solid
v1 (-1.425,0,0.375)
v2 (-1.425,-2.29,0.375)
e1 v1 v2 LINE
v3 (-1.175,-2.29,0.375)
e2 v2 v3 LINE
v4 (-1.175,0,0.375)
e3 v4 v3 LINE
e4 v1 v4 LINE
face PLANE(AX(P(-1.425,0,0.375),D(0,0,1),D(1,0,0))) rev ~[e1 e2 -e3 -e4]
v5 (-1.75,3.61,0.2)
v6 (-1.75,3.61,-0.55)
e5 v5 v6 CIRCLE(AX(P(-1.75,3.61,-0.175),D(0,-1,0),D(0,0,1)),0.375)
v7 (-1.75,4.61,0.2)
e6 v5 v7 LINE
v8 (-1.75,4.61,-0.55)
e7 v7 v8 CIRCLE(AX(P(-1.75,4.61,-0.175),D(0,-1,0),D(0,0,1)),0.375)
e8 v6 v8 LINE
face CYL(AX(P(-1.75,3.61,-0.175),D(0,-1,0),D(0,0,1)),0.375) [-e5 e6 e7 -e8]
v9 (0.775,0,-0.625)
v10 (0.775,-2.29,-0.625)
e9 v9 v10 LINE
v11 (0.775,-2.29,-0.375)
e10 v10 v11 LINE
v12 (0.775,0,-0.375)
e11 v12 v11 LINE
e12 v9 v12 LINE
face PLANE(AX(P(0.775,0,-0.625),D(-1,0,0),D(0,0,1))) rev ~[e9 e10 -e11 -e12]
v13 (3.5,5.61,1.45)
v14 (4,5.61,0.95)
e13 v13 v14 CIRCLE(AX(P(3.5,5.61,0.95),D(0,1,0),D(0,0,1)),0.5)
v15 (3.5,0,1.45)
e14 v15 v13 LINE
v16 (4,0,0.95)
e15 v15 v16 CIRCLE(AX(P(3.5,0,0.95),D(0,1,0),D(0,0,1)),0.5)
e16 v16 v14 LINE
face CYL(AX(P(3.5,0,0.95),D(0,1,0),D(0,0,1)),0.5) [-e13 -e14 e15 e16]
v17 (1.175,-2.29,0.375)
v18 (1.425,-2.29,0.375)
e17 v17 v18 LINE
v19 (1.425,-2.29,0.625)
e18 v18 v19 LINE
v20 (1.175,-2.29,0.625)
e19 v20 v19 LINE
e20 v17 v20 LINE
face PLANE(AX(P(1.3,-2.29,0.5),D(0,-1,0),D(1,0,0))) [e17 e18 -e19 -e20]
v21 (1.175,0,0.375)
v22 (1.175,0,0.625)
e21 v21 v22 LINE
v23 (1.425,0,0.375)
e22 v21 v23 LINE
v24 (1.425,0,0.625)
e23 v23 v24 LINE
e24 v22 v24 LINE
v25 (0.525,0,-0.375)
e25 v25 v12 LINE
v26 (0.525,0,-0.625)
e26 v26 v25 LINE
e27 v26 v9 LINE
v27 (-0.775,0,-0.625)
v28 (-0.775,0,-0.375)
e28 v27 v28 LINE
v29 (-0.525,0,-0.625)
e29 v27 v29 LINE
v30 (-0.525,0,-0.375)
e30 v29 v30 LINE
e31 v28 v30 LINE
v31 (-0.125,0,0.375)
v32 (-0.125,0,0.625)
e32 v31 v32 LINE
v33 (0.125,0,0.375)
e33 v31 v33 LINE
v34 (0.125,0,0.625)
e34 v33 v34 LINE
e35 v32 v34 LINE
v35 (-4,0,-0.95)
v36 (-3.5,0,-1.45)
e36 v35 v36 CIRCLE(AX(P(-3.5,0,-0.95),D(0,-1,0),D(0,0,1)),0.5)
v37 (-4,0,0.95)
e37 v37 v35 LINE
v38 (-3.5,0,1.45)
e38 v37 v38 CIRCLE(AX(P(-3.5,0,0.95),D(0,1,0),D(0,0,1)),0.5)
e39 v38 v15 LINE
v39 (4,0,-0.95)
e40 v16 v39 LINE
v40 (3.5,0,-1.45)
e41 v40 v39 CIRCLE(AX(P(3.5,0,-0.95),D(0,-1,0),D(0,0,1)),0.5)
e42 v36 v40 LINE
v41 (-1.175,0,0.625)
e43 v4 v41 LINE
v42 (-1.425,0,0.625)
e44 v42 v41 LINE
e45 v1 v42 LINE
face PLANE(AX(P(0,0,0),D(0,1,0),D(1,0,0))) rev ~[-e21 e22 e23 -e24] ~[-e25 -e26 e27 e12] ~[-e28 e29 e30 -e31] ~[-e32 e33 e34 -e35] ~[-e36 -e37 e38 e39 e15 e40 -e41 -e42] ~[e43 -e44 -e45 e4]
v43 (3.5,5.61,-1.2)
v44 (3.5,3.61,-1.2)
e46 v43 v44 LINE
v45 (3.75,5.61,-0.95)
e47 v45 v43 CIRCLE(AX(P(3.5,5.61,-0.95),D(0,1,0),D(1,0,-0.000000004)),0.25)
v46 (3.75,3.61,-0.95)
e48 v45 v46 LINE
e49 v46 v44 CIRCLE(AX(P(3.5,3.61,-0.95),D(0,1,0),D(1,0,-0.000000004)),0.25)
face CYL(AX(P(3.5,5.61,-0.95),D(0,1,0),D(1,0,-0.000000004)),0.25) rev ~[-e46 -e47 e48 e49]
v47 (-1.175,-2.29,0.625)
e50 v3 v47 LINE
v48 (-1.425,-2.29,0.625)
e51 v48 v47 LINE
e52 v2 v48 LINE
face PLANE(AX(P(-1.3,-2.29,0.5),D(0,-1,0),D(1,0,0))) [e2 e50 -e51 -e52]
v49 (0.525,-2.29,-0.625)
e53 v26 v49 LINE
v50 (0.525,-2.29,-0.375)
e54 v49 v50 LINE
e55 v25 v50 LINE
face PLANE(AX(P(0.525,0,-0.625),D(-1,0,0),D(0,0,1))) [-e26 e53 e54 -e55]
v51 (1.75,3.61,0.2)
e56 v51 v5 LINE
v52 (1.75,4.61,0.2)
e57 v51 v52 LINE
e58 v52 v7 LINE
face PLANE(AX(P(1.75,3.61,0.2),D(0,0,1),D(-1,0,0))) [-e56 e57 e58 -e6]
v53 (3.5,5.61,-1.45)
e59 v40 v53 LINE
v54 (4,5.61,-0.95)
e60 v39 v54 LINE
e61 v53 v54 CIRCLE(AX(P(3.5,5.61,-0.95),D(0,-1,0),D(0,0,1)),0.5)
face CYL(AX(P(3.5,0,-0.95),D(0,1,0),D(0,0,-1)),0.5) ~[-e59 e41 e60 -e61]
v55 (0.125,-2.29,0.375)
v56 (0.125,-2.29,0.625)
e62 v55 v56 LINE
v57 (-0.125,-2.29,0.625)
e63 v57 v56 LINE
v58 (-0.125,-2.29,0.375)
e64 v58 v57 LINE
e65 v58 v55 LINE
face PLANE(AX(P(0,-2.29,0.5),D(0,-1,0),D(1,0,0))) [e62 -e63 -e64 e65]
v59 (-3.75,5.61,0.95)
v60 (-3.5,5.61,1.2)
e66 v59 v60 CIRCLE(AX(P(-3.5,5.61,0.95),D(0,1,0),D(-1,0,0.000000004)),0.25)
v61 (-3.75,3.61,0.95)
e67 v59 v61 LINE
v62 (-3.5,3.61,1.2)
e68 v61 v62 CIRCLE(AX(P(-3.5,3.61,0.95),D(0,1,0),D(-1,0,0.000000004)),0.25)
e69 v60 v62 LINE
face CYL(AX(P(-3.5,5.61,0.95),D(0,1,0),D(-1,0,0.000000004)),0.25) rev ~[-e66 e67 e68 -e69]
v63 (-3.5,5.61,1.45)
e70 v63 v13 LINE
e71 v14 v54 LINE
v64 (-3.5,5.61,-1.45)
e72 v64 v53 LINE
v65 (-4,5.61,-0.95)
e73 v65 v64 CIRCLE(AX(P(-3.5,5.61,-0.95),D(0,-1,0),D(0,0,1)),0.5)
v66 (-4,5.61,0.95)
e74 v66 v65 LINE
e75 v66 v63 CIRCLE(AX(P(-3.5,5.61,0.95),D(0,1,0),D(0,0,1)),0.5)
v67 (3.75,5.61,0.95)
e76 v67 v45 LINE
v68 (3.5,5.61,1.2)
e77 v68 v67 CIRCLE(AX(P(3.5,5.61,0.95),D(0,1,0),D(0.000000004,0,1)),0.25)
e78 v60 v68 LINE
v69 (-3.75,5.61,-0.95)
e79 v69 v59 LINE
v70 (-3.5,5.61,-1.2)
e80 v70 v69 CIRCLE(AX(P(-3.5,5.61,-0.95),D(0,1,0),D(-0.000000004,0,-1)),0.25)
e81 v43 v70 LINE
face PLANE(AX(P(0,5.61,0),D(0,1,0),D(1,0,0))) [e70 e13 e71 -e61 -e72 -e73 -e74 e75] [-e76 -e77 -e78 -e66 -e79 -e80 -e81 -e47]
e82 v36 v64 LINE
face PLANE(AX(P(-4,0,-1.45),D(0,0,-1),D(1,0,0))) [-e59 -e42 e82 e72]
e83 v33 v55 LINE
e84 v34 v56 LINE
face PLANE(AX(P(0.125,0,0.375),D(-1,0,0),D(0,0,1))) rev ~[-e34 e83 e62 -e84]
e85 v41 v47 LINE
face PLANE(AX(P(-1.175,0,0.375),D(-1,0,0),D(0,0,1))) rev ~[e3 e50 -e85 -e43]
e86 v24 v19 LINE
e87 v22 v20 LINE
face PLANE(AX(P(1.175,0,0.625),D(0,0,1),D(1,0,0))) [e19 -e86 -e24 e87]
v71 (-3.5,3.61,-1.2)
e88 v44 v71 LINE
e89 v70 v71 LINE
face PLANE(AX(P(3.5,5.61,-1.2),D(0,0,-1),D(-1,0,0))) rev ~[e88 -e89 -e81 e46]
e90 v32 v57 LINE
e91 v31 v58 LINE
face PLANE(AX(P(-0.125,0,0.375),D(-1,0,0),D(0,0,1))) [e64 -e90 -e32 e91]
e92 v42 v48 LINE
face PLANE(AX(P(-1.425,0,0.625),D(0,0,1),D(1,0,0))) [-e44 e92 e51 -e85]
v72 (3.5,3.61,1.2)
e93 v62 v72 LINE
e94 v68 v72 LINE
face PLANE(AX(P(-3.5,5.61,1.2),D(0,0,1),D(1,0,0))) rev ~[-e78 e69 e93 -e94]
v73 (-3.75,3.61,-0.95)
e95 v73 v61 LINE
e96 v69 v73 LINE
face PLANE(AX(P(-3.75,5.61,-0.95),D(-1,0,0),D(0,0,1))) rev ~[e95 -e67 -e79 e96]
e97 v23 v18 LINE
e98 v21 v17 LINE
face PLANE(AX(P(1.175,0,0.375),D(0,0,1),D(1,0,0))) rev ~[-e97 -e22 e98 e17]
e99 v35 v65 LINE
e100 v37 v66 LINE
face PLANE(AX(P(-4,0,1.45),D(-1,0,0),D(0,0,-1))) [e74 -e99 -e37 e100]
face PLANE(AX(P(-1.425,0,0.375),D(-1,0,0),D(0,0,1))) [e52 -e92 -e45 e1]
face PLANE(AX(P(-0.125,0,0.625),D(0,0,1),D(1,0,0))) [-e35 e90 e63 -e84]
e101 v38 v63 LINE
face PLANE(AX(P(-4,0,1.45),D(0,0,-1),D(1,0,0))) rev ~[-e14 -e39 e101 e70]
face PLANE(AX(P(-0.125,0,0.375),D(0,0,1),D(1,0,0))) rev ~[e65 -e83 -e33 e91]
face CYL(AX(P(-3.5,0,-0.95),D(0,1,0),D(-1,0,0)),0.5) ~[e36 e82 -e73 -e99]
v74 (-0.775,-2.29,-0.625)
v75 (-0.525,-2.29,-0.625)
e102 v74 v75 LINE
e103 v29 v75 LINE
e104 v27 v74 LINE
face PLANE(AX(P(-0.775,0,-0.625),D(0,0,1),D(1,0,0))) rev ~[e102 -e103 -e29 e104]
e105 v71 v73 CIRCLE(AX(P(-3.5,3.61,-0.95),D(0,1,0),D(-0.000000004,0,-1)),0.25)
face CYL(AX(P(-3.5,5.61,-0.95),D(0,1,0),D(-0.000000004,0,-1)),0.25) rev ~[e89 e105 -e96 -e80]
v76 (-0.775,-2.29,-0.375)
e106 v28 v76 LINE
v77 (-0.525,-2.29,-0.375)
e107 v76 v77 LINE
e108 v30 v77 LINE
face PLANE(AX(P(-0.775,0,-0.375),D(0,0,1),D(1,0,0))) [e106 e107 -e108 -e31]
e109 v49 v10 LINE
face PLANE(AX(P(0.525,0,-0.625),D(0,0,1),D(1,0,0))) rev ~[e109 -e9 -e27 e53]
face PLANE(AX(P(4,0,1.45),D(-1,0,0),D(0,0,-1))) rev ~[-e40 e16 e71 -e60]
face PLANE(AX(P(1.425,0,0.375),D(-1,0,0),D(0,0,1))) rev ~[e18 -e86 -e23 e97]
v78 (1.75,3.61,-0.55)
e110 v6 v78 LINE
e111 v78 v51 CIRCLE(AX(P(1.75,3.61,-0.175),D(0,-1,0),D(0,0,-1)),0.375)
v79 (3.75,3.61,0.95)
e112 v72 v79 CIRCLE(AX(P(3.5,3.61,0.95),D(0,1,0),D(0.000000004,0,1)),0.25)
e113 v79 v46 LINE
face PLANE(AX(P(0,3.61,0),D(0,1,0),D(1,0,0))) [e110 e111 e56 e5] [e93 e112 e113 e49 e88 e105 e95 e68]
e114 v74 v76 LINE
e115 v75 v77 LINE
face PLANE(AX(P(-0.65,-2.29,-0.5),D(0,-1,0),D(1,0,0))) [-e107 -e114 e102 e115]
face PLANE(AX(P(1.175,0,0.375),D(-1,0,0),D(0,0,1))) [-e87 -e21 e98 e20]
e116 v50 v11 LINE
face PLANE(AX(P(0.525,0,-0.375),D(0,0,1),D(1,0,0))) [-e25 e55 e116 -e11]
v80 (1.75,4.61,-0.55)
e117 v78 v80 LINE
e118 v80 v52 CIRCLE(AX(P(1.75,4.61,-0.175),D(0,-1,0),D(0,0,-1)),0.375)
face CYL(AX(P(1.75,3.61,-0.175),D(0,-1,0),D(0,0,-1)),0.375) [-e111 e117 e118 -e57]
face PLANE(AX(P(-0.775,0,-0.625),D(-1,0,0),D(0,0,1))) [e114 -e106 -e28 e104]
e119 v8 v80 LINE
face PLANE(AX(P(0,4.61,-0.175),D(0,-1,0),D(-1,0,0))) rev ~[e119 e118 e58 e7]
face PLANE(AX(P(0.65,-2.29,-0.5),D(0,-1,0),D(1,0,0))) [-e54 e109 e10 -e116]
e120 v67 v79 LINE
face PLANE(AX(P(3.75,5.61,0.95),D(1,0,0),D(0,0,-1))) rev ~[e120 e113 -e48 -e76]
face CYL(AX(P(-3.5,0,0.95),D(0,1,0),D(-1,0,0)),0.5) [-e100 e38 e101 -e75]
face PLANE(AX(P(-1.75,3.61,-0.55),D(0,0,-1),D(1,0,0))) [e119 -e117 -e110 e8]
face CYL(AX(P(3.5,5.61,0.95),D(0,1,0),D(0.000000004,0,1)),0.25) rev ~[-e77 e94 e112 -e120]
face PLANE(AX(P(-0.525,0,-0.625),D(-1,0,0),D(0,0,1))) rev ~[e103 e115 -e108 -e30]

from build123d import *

# Parameters (mm, degrees)
SKETCH_1_W          = 8
SKETCH_1_H          = 2.9
EXTRUDE_1_DEPTH     = 5.61
SKETCH_2_W          = 0.25
SKETCH_2_H          = 0.25
EXTRUDE_2_DEPTH     = 2.29
FILLET_2_R          = 0.5
CUT_EXTRUDE_1_DEPTH = 2
EXTRUDE_3_DEPTH     = 1


with BuildPart() as part:
    # 草图1 → 凸台-拉伸1 (new body)
    with BuildSketch(Plane(origin=(0, 0, 0), x_dir=(1, 0, 0), z_dir=(0, 1, 0))):
        Rectangle(SKETCH_1_W, SKETCH_1_H)
    extrude(amount=EXTRUDE_1_DEPTH)

    # 草图2 → 凸台-拉伸2 (add)
    with BuildSketch(Plane.XZ):
        with Locations((-1.3, 0.5)):
            Rectangle(SKETCH_2_W, SKETCH_2_H)
        with Locations((1.3, 0.5)):
            Rectangle(SKETCH_2_W, SKETCH_2_H)
        with Locations((0, 0.5)):
            Rectangle(SKETCH_2_W, SKETCH_2_H)
        with Locations((-0.65, -0.5)):
            Rectangle(SKETCH_2_W, SKETCH_2_H)
        with Locations((0.65, -0.5)):
            Rectangle(SKETCH_2_W, SKETCH_2_H)
    extrude(amount=EXTRUDE_2_DEPTH)

    # 圆角2
    fillet_2_edges = [part.edges().sort_by_distance(p)[0] for p in [
        (-4, 2.805, -1.45),
        (4, 2.805, -1.45),
        (4, 2.805, 1.45),
        (-4, 2.805, 1.45),
    ]]
    fillet(fillet_2_edges, radius=FILLET_2_R)

    # 草图3 → 切除-拉伸1 (cut)
    with BuildSketch(Plane(origin=(0, 5.61, 0), x_dir=(1, 0, 0), z_dir=(0, 1, 0))):
        with BuildLine():
            Line((3.75, -0.95), (3.75, 0.95))
            ThreePointArc((3.75, 0.95), (3.676776695, 1.126776695), (3.5, 1.2))
            Line((3.5, 1.2), (-3.5, 1.2))
            ThreePointArc((-3.5, 1.2), (-3.676776695, 1.126776695), (-3.75, 0.95))
            Line((-3.75, 0.95), (-3.75, -0.95))
            ThreePointArc((-3.75, -0.95), (-3.676776695, -1.126776695), (-3.5, -1.2))
            Line((-3.5, -1.2), (3.5, -1.2))
            ThreePointArc((3.5, -1.2), (3.676776695, -1.126776695), (3.75, -0.95))
        make_face()
    extrude(amount=-CUT_EXTRUDE_1_DEPTH, mode=Mode.SUBTRACT)

    # 草图4 → 凸台-拉伸3 (add)
    with BuildSketch(Plane(origin=(0, 3.61, 0), x_dir=(1, 0, 0), z_dir=(0, 1, 0))):
        with BuildLine():
            Line((-1.75, 0.55), (1.75, 0.55))
            ThreePointArc((1.75, 0.55), (2.125, 0.175), (1.75, -0.2))
            Line((1.75, -0.2), (-1.75, -0.2))
            ThreePointArc((-1.75, -0.2), (-2.125, 0.175), (-1.75, 0.55))
        make_face()
    extrude(amount=EXTRUDE_3_DEPTH)


solid = part.part
